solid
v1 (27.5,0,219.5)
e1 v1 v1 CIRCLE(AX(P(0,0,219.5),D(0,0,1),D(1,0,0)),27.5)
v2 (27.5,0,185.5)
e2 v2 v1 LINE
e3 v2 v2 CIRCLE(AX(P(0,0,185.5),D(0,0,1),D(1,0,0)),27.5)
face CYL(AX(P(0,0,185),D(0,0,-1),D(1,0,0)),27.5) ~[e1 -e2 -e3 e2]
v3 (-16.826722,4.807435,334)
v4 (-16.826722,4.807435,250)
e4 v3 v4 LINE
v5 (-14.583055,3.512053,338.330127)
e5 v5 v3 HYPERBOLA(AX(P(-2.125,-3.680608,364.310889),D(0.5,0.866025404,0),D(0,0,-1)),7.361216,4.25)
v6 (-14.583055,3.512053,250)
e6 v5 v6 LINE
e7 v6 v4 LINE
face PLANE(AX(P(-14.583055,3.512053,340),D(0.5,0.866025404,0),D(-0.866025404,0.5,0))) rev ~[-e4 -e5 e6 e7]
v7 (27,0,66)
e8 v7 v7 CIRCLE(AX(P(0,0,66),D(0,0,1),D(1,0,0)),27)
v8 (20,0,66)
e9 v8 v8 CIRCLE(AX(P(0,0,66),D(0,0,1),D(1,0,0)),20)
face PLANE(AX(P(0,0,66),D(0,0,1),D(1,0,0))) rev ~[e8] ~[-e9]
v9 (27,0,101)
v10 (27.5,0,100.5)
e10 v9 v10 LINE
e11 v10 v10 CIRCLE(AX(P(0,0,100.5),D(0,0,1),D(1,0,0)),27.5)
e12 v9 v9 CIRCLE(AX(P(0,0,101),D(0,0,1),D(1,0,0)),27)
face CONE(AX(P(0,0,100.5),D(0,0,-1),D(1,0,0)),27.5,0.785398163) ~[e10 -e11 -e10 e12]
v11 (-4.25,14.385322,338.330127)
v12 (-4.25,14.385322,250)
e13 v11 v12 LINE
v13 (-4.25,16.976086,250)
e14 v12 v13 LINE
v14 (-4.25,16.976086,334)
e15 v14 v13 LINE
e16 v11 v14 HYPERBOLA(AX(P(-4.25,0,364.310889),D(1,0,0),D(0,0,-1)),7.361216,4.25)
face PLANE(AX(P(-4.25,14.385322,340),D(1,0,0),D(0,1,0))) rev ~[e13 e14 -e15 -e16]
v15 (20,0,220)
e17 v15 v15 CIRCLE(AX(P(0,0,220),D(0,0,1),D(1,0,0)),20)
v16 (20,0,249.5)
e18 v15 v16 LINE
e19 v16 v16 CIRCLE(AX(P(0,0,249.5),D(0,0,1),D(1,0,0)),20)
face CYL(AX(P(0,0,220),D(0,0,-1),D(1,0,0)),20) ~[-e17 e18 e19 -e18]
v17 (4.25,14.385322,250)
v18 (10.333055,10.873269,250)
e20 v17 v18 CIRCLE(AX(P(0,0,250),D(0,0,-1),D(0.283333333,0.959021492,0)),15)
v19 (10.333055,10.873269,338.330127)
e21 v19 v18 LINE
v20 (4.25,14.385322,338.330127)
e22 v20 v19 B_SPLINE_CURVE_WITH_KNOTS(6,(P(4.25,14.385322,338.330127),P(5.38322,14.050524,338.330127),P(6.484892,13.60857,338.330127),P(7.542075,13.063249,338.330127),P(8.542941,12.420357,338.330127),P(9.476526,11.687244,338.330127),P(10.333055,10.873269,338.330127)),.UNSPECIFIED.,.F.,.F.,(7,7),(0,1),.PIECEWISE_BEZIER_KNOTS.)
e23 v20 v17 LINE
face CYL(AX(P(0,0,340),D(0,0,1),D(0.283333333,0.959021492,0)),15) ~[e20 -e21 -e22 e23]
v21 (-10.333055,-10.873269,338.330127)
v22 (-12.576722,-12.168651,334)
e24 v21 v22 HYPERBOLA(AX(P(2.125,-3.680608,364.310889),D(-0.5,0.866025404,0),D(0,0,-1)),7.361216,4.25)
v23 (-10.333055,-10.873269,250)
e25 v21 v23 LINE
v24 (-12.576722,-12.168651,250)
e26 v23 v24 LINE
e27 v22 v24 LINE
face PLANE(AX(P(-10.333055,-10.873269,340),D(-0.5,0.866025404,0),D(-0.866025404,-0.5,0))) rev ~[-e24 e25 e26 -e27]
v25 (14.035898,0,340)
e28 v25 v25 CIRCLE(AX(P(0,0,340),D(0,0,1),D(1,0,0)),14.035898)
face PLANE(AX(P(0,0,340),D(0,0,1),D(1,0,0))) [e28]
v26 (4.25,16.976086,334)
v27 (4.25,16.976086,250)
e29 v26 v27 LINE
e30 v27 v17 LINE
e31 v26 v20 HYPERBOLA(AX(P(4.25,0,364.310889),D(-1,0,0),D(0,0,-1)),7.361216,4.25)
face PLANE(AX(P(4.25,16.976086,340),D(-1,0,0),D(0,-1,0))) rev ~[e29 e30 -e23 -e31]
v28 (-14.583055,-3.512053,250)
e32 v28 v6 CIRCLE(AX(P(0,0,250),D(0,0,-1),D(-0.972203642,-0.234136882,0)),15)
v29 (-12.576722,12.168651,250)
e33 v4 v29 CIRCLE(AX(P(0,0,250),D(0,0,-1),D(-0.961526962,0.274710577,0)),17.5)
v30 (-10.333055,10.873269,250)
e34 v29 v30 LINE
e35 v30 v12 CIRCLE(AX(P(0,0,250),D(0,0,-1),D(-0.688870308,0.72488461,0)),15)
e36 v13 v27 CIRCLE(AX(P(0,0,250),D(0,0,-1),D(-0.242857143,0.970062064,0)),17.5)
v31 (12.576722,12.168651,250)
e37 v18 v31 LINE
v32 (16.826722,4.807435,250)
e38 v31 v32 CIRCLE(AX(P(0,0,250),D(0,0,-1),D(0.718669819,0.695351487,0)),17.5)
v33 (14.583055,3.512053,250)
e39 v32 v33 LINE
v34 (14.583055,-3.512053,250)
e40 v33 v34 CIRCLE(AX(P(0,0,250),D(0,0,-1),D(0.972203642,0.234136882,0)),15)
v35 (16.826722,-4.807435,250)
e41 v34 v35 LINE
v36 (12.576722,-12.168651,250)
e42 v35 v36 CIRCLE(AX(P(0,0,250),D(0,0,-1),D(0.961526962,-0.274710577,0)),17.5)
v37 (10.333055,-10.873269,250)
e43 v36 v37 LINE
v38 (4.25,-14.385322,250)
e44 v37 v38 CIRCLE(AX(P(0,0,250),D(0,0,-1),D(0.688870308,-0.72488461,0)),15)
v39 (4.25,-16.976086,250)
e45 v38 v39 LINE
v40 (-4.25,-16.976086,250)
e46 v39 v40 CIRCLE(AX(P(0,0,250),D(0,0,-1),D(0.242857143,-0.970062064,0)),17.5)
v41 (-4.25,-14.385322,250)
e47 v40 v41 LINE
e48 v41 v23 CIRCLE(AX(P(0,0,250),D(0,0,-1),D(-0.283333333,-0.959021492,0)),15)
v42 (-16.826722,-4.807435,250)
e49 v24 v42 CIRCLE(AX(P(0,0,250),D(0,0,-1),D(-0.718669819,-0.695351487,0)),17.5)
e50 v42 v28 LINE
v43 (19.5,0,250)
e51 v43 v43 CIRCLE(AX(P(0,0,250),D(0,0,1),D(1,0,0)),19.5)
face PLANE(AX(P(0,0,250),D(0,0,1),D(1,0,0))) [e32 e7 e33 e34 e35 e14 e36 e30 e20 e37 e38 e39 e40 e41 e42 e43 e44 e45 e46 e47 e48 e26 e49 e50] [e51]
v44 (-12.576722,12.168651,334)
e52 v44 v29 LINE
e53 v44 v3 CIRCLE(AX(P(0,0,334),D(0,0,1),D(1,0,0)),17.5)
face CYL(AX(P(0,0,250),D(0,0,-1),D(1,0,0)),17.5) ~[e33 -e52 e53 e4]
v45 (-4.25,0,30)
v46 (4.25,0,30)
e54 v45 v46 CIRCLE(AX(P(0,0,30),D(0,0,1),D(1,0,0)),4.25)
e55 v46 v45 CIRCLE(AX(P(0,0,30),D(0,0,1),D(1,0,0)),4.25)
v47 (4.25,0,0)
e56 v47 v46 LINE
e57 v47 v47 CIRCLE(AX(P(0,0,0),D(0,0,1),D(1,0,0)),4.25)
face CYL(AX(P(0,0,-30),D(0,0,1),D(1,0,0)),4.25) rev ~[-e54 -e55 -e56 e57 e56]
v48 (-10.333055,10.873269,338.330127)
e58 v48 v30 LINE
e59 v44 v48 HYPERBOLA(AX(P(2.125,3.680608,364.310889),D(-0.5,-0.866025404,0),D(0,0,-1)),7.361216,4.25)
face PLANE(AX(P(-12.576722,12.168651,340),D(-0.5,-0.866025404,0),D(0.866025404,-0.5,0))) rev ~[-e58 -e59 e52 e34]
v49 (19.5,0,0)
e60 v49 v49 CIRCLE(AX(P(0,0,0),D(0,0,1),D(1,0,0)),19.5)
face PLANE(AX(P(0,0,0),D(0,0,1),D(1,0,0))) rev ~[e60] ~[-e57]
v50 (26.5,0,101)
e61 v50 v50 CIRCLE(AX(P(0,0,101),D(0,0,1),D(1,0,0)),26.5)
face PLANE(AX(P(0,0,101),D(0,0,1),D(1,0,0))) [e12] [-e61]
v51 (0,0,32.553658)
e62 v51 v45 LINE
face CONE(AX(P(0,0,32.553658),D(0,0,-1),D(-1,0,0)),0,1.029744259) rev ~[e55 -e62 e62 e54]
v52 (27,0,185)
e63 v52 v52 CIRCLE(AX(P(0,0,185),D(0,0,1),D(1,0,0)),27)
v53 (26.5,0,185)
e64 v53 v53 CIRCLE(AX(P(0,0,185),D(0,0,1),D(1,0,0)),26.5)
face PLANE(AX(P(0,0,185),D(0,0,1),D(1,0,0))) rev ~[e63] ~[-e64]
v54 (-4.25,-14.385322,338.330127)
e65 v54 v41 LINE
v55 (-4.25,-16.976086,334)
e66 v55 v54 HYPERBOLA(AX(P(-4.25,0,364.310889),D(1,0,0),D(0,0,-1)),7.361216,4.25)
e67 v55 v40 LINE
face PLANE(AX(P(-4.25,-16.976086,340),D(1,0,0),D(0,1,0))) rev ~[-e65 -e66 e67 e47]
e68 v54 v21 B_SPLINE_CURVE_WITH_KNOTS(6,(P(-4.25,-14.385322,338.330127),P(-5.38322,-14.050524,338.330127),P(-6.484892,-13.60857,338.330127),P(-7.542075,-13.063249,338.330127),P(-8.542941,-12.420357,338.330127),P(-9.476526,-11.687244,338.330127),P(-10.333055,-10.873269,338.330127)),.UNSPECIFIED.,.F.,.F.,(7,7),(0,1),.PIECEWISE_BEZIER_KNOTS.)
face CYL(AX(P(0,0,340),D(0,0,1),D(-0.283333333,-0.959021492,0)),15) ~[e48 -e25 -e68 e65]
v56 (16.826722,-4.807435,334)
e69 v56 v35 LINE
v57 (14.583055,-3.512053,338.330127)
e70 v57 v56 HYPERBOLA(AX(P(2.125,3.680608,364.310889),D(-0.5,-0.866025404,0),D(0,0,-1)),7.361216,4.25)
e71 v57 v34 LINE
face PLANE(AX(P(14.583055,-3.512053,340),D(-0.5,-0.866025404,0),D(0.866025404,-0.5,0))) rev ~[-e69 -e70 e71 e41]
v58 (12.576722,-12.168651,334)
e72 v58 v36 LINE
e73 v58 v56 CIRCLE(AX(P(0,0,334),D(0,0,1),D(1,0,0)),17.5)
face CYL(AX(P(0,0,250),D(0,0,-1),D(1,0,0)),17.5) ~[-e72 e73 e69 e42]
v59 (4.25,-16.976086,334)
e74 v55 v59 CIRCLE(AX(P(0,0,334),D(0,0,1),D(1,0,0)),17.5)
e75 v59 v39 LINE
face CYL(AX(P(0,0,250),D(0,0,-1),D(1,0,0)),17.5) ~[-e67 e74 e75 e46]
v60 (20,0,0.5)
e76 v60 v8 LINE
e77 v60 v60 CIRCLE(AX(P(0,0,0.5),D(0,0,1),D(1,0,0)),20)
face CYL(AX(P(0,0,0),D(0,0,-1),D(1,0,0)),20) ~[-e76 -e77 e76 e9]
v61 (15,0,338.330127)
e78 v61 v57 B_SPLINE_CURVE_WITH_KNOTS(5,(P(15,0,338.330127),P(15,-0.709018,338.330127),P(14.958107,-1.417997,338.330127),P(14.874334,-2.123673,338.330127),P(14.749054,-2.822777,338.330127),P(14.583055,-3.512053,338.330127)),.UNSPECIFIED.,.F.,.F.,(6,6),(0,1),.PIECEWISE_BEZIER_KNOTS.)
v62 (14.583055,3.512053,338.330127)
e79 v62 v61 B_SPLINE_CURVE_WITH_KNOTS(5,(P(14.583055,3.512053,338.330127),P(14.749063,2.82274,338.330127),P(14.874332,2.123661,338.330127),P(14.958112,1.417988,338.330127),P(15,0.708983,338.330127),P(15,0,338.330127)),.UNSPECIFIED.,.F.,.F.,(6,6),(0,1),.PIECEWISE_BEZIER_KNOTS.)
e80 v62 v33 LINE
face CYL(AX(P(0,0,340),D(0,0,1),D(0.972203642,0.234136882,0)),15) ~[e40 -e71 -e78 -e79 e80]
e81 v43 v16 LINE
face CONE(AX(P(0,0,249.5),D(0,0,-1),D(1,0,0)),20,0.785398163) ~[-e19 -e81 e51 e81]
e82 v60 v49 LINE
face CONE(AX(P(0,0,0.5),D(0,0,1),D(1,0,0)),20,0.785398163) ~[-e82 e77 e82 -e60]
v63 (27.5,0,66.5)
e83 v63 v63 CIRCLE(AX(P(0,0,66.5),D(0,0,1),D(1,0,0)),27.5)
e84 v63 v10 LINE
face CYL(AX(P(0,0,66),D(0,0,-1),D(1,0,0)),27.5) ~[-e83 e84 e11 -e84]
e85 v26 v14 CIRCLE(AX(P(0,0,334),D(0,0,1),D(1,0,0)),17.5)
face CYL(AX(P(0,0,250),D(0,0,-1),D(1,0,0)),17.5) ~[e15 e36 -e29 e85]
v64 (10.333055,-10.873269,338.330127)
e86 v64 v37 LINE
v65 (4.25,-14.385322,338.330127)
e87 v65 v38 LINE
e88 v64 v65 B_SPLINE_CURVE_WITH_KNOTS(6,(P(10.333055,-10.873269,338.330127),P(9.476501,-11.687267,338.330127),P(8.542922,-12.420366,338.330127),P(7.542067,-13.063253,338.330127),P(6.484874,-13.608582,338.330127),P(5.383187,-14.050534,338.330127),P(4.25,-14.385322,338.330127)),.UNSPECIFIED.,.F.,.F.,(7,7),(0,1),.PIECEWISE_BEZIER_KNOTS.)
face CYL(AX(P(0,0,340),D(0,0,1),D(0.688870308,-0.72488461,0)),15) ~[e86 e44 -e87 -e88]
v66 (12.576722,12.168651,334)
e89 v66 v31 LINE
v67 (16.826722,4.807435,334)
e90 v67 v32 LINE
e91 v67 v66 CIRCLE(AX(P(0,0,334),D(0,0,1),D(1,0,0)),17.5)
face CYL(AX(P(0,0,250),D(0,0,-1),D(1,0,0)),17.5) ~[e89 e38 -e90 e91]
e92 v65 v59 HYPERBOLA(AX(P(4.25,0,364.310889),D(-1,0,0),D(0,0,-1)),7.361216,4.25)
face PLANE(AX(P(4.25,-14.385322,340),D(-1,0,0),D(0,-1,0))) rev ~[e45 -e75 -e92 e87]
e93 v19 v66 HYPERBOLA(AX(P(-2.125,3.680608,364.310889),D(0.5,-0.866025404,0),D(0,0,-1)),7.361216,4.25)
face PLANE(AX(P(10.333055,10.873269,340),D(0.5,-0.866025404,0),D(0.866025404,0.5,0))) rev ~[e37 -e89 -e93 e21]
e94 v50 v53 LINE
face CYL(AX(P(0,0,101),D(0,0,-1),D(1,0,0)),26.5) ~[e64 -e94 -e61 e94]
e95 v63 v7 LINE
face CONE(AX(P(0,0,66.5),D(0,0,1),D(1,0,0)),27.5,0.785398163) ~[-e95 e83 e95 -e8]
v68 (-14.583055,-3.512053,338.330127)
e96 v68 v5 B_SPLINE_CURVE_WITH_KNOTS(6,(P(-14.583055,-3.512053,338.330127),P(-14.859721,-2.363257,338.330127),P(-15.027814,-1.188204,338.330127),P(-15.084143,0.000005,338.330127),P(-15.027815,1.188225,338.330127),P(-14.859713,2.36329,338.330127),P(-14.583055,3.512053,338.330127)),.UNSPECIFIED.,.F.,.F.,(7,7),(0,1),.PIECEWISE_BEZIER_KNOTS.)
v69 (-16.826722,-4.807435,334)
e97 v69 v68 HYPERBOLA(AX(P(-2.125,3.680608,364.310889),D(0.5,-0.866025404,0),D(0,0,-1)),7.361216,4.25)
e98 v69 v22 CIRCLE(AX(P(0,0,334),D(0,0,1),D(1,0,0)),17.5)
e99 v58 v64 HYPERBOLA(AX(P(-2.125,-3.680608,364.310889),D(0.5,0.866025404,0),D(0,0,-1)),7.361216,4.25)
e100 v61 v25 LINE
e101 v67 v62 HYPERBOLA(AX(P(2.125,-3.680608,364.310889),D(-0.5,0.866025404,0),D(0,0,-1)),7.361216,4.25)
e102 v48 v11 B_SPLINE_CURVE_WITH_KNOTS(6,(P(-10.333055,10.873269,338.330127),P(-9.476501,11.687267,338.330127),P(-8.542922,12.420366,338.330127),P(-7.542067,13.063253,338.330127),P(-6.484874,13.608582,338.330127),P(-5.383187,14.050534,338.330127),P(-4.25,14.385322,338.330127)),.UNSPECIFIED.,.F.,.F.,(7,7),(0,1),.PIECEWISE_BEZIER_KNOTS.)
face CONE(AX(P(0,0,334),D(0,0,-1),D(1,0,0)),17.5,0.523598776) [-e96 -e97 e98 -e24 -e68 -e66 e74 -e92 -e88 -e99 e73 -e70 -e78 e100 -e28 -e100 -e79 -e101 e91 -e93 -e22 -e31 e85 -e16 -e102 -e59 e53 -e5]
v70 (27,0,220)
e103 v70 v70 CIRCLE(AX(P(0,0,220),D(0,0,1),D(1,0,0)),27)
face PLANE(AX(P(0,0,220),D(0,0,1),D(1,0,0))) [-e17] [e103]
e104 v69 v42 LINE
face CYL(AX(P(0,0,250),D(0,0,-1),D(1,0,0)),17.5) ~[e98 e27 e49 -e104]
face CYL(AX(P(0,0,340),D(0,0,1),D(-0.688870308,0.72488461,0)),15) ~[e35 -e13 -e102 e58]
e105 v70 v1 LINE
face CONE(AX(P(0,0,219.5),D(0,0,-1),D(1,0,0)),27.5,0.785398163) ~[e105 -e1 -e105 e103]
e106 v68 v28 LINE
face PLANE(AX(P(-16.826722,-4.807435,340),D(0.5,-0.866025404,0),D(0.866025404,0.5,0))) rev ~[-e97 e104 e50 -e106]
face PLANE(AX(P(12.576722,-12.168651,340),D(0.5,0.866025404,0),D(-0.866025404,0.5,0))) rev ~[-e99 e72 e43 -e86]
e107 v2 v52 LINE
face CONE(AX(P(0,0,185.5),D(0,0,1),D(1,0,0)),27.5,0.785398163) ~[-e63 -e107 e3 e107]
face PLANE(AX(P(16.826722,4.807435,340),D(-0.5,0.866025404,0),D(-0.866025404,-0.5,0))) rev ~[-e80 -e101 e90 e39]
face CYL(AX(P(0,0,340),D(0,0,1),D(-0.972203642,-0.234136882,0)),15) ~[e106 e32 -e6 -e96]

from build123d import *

# Parameters (mm, degrees)
SKICA1_R                  = 20
P_IDAT_VYSUNUT_M1_DEPTH   = 66
SKICA2_R                  = 27.5
P_IDAT_VYSUNUT_M2_DEPTH   = 35
SKICA3_R                  = 26.5
P_IDAT_VYSUNUT_M3_DEPTH   = 84
SKICA4_R                  = 27.5
P_IDAT_VYSUNUT_M4_DEPTH   = 35
SKICA5_R                  = 20
P_IDAT_VYSUNUT_M5_DEPTH   = 30
SKICA6_R                  = 17.5
P_IDAT_VYSUNUT_M6_DEPTH   = 90
ZKOSEN_3_SIZE             = 6
ZKOSEN_3_SIZE2            = 3.464101615
SKICA9_OUTSIDE_W          = 126.756
SKICA9_OUTSIDE_H          = 126.756
ODEBRAT_VYSUNUT_M16_DEPTH = 90
ZKOSEN_4_SIZE             = 0.5
M10_Z_VIT1_D              = 8.5
M10_Z_VIT1_DEPTH          = 30
M10_Z_VIT1_TIP            = 2.553657631


with BuildPart() as part:
    # Skica1 → Přidat vysunutím1 (new body)
    with BuildSketch(Plane.XY):
        Circle(SKICA1_R)
    extrude(amount=P_IDAT_VYSUNUT_M1_DEPTH)

    # Skica2 → Přidat vysunutím2 (add)
    with BuildSketch(Plane.XY.offset(66)):
        Circle(SKICA2_R)
    extrude(amount=P_IDAT_VYSUNUT_M2_DEPTH)

    # Skica3 → Přidat vysunutím3 (add)
    with BuildSketch(Plane.XY.offset(101)):
        Circle(SKICA3_R)
    extrude(amount=P_IDAT_VYSUNUT_M3_DEPTH)

    # Skica4 → Přidat vysunutím4 (add)
    with BuildSketch(Plane.XY.offset(185)):
        Circle(SKICA4_R)
    extrude(amount=P_IDAT_VYSUNUT_M4_DEPTH)

    # Skica5 → Přidat vysunutím5 (add)
    with BuildSketch(Plane.XY.offset(220)):
        Circle(SKICA5_R)
    extrude(amount=P_IDAT_VYSUNUT_M5_DEPTH)

    # Skica6 → Přidat vysunutím6 (add)
    with BuildSketch(Plane.XY.offset(250)):
        Circle(SKICA6_R)
    extrude(amount=P_IDAT_VYSUNUT_M6_DEPTH)

    # Zkosení3
    zkosen_3_edges = [part.edges().sort_by_distance(p)[0] for p in [
        (-17.5, 0, 340),
    ]]
    zkosen_3_side = [part.faces().sort_by_distance(p)[0] for p in [
        (-17.5, 0, 295),
    ]]
    chamfer(zkosen_3_edges, length=ZKOSEN_3_SIZE, length2=ZKOSEN_3_SIZE2, reference=zkosen_3_side[0])

    # Skica9 outside → Odebrat vysunutím16 (cut)
    with BuildSketch(Plane.XY.offset(340)):
        Rectangle(SKICA9_OUTSIDE_W, SKICA9_OUTSIDE_H)
        with BuildLine():
            Line((-4.25, 14.385322381), (-4.25, 16.976086121))
            ThreePointArc((-4.25, 16.976086121), (0, 17.5), (4.25, 16.976086121))
            Line((4.25, 16.976086121), (4.25, 14.385322381))
            ThreePointArc((4.25, 14.385322381), (7.5, 12.990381057), (10.333054623, 10.873269156))
            Line((10.333054623, 10.873269156), (12.576721838, 12.168651027))
            ThreePointArc((12.576721838, 12.168651027), (15.155444566, 8.75), (16.826721838, 4.807435095))
            Line((16.826721838, 4.807435095), (14.583054623, 3.512053224))
            ThreePointArc((14.583054623, 3.512053224), (15, 0), (14.583054623, -3.512053224))
            Line((14.583054623, -3.512053224), (16.826721838, -4.807435095))
            ThreePointArc((16.826721838, -4.807435095), (15.155444566, -8.75), (12.576721838, -12.168651027))
            Line((12.576721838, -12.168651027), (10.333054623, -10.873269156))
            ThreePointArc((10.333054623, -10.873269156), (7.5, -12.990381057), (4.25, -14.385322381))
            Line((4.25, -14.385322381), (4.25, -16.976086121))
            ThreePointArc((4.25, -16.976086121), (0, -17.5), (-4.25, -16.976086121))
            Line((-4.25, -16.976086121), (-4.25, -14.385322381))
            ThreePointArc((-4.25, -14.385322381), (-7.5, -12.990381057), (-10.333054623, -10.873269156))
            Line((-10.333054623, -10.873269156), (-12.576721838, -12.168651027))
            ThreePointArc((-12.576721838, -12.168651027), (-15.155444566, -8.75), (-16.826721838, -4.807435095))
            Line((-16.826721838, -4.807435095), (-14.583054623, -3.512053224))
            ThreePointArc((-14.583054623, -3.512053224), (-15, 0), (-14.583054623, 3.512053224))
            Line((-14.583054623, 3.512053224), (-16.826721838, 4.807435095))
            ThreePointArc((-16.826721838, 4.807435095), (-15.155444566, 8.75), (-12.576721838, 12.168651027))
            Line((-12.576721838, 12.168651027), (-10.333054623, 10.873269156))
            ThreePointArc((-10.333054623, 10.873269156), (-7.5, 12.990381057), (-4.25, 14.385322381))
        make_face(mode=Mode.SUBTRACT)
    extrude(amount=-ODEBRAT_VYSUNUT_M16_DEPTH, mode=Mode.SUBTRACT)

    # Zkosení4
    zkosen_4_edges = [part.edges().sort_by_distance(p)[0] for p in [
        (-27.5, 0, 185),
        (-27.5, 0, 220),
        (-20, 0, 0),
        (-20, 0, 250),
        (-27.5, 0, 66),
        (-27.5, 0, 101),
    ]]
    chamfer(zkosen_4_edges, length=ZKOSEN_4_SIZE)

    # M10 závit1
    with Locations(Plane(origin=(0, 0, 0), x_dir=(-1, 0, 0), z_dir=(0, 0, -1))):
        with Locations((0, 0)):
            Hole(M10_Z_VIT1_D / 2, depth=M10_Z_VIT1_DEPTH)
            with Locations((0, 0, -(M10_Z_VIT1_DEPTH + M10_Z_VIT1_TIP / 2))):  # 118° drill point
                Cone(0, M10_Z_VIT1_D / 2, M10_Z_VIT1_TIP, mode=Mode.SUBTRACT)


solid = part.part
